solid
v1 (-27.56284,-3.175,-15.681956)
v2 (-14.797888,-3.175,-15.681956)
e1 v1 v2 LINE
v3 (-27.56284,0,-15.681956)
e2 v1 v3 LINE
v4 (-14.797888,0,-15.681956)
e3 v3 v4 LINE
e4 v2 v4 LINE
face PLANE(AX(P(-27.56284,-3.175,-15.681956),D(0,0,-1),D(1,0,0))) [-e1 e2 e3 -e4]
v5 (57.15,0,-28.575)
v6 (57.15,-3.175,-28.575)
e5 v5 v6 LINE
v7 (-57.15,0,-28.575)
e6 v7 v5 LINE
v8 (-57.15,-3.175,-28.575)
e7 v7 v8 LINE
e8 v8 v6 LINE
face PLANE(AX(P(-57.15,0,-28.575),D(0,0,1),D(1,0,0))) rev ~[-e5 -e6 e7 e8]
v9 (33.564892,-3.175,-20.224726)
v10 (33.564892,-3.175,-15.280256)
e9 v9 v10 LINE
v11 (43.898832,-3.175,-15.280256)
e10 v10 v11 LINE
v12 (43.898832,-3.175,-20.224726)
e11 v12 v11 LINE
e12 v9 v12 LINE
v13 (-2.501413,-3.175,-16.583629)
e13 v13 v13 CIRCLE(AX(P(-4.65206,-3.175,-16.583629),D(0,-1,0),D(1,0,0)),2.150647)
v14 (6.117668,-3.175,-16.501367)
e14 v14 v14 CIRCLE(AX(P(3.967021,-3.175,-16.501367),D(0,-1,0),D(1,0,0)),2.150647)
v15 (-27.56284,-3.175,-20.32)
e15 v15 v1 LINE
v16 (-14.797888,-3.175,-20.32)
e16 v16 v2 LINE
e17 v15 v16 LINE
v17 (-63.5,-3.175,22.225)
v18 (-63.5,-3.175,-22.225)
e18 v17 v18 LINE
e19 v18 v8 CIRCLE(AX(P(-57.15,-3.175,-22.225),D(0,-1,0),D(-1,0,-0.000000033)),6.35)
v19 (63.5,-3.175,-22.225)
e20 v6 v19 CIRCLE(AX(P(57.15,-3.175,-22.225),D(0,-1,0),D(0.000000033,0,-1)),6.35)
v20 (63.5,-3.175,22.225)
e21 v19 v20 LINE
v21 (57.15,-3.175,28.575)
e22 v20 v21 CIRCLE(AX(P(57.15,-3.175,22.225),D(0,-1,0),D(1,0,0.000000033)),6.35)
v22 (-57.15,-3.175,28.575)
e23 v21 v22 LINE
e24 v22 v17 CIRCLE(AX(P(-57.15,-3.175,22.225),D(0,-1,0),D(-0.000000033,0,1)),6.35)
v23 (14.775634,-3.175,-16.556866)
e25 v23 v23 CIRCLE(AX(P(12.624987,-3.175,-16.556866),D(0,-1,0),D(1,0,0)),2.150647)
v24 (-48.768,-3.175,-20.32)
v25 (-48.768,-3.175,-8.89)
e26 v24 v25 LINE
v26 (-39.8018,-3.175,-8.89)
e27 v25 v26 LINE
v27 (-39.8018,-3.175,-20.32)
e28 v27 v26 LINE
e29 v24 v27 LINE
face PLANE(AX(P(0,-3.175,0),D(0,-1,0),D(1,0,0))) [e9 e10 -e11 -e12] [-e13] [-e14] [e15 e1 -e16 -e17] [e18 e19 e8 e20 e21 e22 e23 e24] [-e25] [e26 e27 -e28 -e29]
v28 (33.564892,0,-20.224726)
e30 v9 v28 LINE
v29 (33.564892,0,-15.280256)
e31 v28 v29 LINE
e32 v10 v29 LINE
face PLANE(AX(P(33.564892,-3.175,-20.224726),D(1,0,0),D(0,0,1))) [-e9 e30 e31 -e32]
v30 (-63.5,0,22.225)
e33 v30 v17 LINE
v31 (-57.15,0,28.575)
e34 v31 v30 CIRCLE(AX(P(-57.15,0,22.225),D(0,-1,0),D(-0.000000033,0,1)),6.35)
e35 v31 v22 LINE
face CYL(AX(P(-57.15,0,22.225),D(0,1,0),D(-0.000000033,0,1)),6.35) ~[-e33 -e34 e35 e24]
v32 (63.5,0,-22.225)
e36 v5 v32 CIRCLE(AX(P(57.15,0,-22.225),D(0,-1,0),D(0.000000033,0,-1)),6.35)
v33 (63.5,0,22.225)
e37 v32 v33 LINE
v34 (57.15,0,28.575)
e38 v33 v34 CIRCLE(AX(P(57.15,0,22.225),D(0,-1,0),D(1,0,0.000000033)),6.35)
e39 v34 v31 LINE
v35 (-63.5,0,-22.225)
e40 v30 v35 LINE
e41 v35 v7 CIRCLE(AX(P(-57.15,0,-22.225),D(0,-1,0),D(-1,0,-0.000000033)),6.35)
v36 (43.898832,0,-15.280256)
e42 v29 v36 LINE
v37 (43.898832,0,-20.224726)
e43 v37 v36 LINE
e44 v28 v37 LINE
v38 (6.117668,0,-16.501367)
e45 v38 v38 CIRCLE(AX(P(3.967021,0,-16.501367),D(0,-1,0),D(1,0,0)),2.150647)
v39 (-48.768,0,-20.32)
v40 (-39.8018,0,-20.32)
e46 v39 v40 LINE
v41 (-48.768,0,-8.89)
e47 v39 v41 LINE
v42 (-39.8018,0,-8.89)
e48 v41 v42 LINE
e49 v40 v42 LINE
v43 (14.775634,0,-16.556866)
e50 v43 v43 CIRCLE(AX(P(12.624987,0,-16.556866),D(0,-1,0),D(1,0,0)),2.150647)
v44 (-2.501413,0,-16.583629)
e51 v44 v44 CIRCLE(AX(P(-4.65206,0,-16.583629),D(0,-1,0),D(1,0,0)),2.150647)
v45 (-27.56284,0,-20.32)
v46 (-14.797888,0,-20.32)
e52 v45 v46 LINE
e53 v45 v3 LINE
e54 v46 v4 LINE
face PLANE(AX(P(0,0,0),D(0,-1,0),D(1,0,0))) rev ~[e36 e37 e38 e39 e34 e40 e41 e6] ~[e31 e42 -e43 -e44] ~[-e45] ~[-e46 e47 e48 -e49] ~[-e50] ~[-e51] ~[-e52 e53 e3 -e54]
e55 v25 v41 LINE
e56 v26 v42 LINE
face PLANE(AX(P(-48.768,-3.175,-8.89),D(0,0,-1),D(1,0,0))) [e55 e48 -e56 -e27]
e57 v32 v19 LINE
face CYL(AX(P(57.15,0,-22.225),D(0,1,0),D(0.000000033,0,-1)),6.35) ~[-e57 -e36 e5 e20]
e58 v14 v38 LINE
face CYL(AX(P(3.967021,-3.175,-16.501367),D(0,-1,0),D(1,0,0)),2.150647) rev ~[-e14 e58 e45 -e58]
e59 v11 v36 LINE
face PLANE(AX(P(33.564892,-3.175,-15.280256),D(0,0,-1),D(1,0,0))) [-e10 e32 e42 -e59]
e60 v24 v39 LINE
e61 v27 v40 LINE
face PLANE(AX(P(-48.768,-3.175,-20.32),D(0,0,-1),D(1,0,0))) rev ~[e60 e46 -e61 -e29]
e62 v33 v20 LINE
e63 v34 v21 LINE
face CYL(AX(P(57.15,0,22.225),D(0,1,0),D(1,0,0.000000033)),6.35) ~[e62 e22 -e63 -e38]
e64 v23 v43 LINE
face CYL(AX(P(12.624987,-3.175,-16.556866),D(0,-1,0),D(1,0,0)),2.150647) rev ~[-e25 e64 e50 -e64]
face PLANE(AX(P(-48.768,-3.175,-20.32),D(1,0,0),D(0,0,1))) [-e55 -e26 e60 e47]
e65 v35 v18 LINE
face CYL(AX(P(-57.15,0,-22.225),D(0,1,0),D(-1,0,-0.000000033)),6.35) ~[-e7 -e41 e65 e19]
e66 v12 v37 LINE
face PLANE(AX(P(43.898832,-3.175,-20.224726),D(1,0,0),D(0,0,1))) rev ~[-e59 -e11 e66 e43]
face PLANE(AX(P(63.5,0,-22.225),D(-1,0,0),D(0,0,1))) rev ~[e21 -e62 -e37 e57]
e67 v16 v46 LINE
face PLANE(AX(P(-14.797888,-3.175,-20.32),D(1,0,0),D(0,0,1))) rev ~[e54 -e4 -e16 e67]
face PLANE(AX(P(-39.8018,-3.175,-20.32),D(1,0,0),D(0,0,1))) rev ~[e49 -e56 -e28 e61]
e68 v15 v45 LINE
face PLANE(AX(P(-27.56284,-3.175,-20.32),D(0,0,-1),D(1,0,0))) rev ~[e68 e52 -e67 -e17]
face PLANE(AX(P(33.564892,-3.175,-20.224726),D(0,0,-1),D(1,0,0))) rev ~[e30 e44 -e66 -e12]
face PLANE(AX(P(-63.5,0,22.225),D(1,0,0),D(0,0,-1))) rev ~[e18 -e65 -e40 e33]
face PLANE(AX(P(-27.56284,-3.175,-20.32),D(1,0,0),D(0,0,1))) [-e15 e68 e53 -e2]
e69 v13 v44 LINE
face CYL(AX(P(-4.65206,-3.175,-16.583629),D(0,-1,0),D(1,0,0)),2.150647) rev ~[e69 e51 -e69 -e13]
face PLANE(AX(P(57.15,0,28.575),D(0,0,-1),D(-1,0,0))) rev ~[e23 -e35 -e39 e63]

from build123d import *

# Parameters (mm, degrees)
F1_DEPTH = 3.175
F2_W     = 8.9662
F2_H     = 11.43
F2_W_2   = 12.764952
F2_H_2   = 4.638044
F2_R     = 2.150647
F2_W_3   = 10.33394
F2_H_3   = 4.94447
F3_DEPTH = 25.4


with BuildPart() as f1:
    # F0 (on Front) → F1 (new body)
    with BuildSketch(Plane.XZ):
        with BuildLine():
            ThreePointArc((63.5, 22.225), (61.640128, 26.715128), (57.15, 28.575))
            Line((57.15, 28.575), (-57.15, 28.575))
            ThreePointArc((-57.15, 28.575), (-61.640128, 26.715128), (-63.5, 22.225))
            Line((-63.5, 22.225), (-63.5, -22.225))
            ThreePointArc((-63.5, -22.225), (-61.640128, -26.715128), (-57.15, -28.575))
            Line((-57.15, -28.575), (57.15, -28.575))
            ThreePointArc((57.15, -28.575), (61.640128, -26.715128), (63.5, -22.225))
            Line((63.5, -22.225), (63.5, 22.225))
        make_face()
    extrude(amount=F1_DEPTH)

    # F2 (on face) → F3 (cut)
    with BuildSketch(Plane.XZ.offset(3.175)):
        with Locations((-44.2849, -14.605)):
            Rectangle(F2_W, F2_H)
        with Locations((-21.180364, -18.000978)):
            Rectangle(F2_W_2, F2_H_2)
        with Locations((-4.65206, -16.583629)):
            Circle(F2_R)
        with Locations((3.967021, -16.501367)):
            Circle(F2_R)
        with Locations((12.624987, -16.556866)):
            Circle(F2_R)
        with Locations((38.731862, -17.752491)):
            Rectangle(F2_W_3, F2_H_3)
    extrude(amount=-F3_DEPTH, mode=Mode.SUBTRACT)


solid = f1.part
